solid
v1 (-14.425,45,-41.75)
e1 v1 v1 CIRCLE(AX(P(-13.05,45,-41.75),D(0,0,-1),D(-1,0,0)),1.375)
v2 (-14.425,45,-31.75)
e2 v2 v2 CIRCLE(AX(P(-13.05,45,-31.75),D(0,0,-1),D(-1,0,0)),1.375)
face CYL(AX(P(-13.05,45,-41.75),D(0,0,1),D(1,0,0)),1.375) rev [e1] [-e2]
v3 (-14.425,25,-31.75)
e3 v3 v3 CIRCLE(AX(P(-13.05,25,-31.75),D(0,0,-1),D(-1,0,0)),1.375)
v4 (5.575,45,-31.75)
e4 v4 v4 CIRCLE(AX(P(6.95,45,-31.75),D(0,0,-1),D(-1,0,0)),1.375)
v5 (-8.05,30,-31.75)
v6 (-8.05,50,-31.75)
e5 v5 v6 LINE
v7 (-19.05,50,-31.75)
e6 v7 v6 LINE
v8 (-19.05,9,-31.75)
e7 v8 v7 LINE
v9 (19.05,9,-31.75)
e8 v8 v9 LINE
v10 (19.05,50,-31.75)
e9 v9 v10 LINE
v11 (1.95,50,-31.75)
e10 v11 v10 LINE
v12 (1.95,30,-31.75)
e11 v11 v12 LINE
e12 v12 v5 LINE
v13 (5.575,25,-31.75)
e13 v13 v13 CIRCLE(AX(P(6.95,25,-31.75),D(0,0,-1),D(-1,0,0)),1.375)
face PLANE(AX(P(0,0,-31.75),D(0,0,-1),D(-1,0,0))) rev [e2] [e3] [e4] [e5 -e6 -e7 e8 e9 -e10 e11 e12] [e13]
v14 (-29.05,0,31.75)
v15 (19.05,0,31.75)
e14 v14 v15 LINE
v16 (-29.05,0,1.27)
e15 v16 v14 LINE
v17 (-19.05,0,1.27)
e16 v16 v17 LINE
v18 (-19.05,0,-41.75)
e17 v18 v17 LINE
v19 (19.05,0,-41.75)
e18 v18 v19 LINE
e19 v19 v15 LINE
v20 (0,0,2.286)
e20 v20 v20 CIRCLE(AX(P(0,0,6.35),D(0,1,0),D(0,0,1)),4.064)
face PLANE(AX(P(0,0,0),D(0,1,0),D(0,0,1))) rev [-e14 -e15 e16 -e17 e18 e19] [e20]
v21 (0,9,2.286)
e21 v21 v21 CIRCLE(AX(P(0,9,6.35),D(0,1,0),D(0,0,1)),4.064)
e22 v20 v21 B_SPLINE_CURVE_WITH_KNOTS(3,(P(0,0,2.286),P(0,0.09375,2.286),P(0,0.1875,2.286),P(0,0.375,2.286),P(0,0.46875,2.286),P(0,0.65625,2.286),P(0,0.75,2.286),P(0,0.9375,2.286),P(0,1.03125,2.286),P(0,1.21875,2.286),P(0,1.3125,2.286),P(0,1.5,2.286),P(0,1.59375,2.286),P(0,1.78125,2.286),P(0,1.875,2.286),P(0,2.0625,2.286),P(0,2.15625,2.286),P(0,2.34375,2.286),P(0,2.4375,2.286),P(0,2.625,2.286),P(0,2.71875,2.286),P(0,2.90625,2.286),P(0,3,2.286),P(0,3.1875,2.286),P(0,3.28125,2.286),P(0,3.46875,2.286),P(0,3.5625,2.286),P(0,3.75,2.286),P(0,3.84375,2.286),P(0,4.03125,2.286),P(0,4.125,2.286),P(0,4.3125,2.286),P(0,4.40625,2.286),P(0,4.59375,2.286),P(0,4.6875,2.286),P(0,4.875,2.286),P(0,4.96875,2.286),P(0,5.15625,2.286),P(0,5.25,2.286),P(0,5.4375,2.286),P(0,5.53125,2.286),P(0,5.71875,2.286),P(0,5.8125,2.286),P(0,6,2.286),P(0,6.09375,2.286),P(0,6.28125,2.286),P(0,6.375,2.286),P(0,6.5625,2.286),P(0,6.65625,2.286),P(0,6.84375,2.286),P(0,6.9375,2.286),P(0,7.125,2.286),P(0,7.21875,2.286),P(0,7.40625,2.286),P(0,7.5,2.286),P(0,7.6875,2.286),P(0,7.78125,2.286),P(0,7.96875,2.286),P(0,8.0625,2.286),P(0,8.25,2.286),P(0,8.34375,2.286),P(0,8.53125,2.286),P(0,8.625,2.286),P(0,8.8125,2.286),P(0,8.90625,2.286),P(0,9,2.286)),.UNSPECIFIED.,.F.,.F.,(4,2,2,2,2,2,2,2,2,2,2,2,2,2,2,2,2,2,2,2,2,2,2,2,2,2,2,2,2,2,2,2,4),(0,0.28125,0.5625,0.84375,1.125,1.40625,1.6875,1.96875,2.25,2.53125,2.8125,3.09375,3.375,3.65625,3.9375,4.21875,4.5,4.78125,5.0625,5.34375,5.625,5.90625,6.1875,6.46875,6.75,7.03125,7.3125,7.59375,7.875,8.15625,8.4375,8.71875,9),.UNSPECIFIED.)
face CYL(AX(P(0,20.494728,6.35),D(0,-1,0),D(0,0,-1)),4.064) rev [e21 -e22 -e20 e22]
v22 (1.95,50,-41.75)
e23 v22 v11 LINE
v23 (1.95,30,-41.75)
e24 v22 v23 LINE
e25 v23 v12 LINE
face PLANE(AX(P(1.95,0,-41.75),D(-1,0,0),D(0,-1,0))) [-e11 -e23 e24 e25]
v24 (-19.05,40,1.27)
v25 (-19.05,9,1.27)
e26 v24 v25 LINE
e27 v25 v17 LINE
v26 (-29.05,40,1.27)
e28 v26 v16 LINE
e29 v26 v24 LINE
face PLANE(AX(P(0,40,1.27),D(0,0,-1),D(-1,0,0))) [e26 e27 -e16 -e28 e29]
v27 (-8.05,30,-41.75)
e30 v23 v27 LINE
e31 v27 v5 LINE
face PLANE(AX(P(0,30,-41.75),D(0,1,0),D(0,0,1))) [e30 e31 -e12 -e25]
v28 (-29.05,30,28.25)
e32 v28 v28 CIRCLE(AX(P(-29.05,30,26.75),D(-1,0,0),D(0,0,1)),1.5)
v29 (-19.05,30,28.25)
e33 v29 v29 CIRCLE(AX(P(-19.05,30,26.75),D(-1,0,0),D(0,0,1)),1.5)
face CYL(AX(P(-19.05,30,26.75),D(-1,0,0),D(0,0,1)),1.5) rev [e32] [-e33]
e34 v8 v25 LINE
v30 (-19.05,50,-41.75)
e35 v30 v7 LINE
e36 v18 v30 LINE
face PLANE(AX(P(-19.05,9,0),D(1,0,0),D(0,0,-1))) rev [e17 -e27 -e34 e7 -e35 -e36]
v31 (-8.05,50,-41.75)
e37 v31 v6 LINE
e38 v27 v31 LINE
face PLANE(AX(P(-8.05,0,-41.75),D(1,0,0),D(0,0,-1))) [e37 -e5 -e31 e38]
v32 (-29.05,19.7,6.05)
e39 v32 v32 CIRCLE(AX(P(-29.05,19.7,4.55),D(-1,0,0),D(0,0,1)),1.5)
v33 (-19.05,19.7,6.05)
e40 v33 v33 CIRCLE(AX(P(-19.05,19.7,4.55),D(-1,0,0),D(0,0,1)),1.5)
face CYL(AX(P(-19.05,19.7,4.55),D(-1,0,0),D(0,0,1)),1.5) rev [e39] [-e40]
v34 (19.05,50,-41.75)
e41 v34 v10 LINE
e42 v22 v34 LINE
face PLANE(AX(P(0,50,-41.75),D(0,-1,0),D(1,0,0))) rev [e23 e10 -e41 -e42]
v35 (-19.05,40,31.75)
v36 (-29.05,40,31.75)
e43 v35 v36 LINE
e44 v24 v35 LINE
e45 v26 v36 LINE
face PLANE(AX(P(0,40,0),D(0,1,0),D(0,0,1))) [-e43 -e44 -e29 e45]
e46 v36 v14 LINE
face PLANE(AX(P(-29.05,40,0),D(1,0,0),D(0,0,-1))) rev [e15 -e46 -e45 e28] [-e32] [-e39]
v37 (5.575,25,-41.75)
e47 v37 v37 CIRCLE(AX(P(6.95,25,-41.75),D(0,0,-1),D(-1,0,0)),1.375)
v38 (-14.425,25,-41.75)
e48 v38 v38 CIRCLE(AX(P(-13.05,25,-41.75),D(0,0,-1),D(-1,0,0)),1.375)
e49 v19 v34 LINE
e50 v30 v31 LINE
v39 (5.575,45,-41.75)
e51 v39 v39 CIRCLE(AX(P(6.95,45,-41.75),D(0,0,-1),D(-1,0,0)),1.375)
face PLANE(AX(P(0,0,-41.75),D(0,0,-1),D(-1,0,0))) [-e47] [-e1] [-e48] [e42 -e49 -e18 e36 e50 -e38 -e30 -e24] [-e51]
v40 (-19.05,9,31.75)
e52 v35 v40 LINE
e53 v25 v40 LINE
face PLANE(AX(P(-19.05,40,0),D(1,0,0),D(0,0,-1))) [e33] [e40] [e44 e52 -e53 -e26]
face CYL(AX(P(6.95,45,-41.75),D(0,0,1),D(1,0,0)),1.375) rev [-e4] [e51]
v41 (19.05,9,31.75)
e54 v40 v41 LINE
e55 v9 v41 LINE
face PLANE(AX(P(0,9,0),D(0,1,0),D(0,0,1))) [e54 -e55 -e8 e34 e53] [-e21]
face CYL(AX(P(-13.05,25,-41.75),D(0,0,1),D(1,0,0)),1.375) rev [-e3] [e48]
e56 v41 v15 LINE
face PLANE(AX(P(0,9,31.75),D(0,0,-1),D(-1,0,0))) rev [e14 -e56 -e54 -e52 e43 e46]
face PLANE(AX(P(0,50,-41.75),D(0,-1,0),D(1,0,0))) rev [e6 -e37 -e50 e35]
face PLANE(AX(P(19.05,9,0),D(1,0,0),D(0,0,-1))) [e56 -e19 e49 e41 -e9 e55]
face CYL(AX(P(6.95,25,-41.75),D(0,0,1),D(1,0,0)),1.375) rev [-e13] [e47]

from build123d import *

# Parameters (mm, degrees)
SKETCH1_W           = 38.1
SKETCH1_H           = 63.5
BOSS_EXTRUDE1_DEPTH = 9
SKETCH1_3_W         = 10
SKETCH1_3_H         = 30.48
BOSS_EXTRUDE2_DEPTH = 40
SKETCH2_R           = 1.5
CUT_EXTRUDE1_DEPTH  = 10
SKETCH3_R           = 1.375
BOSS_EXTRUDE3_DEPTH = 10
CUT_EXTRUDE2_DEPTH  = 9


with BuildPart() as part:
    # Sketch1 → Boss-Extrude1 (new body)
    with BuildSketch(Plane(origin=(0, 0, 0), x_dir=(1, 0, 0), z_dir=(0, 1, 0))):
        Rectangle(SKETCH1_W, SKETCH1_H)
    extrude(amount=BOSS_EXTRUDE1_DEPTH)

    # Sketch1<3> → Boss-Extrude2 (add)
    with BuildSketch(Plane(origin=(0, 0, 0), x_dir=(1, 0, 0), z_dir=(0, 1, 0))):
        with Locations((-24.05, -16.51)):
            Rectangle(SKETCH1_3_W, SKETCH1_3_H)
    extrude(amount=BOSS_EXTRUDE2_DEPTH)

    # Sketch2 → Cut-Extrude1 (cut)
    with BuildSketch(Plane.ZY.offset(29.05)):
        with Locations((4.55, 19.7)):
            Circle(SKETCH2_R)
        with Locations((26.75, 30)):
            Circle(SKETCH2_R)
    extrude(amount=-CUT_EXTRUDE1_DEPTH, mode=Mode.SUBTRACT)

    # Sketch3 → Boss-Extrude3 (add)
    with BuildSketch(Plane(origin=(0, 0, -31.75), x_dir=(-1, 0, 0), z_dir=(0, 0, -1))):
        Polygon((-19.05, 0), (19.05, 0), (19.05, 50), (8.05, 50), (8.05, 30), (-1.95, 30), (-1.95, 50), (-19.05, 50), align=None)
        with Locations((-6.95, 25)):
            Circle(SKETCH3_R, mode=Mode.SUBTRACT)
        with Locations((-6.95, 45)):
            Circle(SKETCH3_R, mode=Mode.SUBTRACT)
        with Locations((13.05, 25)):
            Circle(SKETCH3_R, mode=Mode.SUBTRACT)
        with Locations((13.05, 45)):
            Circle(SKETCH3_R, mode=Mode.SUBTRACT)
    extrude(amount=BOSS_EXTRUDE3_DEPTH)

    # Sketch1<4> → Cut-Extrude2 (cut)
    with BuildSketch(Plane(origin=(0, 0, 0), x_dir=(1, 0, 0), z_dir=(0, 1, 0))):
        with BuildLine():
            ThreePointArc((4.064, -6.35), (2.873681959, -3.476318041), (0, -2.286))
            Line((0, -2.286), (0, -10.414))
            ThreePointArc((0, -10.414), (2.873681959, -9.223681959), (4.064, -6.35))
        make_face()
        with BuildLine():
            Line((0, -10.414), (0, -2.286))
            ThreePointArc((0, -2.286), (-4.064, -6.35), (0, -10.414))
        make_face()
    extrude(amount=CUT_EXTRUDE2_DEPTH, mode=Mode.SUBTRACT)


solid = part.part
